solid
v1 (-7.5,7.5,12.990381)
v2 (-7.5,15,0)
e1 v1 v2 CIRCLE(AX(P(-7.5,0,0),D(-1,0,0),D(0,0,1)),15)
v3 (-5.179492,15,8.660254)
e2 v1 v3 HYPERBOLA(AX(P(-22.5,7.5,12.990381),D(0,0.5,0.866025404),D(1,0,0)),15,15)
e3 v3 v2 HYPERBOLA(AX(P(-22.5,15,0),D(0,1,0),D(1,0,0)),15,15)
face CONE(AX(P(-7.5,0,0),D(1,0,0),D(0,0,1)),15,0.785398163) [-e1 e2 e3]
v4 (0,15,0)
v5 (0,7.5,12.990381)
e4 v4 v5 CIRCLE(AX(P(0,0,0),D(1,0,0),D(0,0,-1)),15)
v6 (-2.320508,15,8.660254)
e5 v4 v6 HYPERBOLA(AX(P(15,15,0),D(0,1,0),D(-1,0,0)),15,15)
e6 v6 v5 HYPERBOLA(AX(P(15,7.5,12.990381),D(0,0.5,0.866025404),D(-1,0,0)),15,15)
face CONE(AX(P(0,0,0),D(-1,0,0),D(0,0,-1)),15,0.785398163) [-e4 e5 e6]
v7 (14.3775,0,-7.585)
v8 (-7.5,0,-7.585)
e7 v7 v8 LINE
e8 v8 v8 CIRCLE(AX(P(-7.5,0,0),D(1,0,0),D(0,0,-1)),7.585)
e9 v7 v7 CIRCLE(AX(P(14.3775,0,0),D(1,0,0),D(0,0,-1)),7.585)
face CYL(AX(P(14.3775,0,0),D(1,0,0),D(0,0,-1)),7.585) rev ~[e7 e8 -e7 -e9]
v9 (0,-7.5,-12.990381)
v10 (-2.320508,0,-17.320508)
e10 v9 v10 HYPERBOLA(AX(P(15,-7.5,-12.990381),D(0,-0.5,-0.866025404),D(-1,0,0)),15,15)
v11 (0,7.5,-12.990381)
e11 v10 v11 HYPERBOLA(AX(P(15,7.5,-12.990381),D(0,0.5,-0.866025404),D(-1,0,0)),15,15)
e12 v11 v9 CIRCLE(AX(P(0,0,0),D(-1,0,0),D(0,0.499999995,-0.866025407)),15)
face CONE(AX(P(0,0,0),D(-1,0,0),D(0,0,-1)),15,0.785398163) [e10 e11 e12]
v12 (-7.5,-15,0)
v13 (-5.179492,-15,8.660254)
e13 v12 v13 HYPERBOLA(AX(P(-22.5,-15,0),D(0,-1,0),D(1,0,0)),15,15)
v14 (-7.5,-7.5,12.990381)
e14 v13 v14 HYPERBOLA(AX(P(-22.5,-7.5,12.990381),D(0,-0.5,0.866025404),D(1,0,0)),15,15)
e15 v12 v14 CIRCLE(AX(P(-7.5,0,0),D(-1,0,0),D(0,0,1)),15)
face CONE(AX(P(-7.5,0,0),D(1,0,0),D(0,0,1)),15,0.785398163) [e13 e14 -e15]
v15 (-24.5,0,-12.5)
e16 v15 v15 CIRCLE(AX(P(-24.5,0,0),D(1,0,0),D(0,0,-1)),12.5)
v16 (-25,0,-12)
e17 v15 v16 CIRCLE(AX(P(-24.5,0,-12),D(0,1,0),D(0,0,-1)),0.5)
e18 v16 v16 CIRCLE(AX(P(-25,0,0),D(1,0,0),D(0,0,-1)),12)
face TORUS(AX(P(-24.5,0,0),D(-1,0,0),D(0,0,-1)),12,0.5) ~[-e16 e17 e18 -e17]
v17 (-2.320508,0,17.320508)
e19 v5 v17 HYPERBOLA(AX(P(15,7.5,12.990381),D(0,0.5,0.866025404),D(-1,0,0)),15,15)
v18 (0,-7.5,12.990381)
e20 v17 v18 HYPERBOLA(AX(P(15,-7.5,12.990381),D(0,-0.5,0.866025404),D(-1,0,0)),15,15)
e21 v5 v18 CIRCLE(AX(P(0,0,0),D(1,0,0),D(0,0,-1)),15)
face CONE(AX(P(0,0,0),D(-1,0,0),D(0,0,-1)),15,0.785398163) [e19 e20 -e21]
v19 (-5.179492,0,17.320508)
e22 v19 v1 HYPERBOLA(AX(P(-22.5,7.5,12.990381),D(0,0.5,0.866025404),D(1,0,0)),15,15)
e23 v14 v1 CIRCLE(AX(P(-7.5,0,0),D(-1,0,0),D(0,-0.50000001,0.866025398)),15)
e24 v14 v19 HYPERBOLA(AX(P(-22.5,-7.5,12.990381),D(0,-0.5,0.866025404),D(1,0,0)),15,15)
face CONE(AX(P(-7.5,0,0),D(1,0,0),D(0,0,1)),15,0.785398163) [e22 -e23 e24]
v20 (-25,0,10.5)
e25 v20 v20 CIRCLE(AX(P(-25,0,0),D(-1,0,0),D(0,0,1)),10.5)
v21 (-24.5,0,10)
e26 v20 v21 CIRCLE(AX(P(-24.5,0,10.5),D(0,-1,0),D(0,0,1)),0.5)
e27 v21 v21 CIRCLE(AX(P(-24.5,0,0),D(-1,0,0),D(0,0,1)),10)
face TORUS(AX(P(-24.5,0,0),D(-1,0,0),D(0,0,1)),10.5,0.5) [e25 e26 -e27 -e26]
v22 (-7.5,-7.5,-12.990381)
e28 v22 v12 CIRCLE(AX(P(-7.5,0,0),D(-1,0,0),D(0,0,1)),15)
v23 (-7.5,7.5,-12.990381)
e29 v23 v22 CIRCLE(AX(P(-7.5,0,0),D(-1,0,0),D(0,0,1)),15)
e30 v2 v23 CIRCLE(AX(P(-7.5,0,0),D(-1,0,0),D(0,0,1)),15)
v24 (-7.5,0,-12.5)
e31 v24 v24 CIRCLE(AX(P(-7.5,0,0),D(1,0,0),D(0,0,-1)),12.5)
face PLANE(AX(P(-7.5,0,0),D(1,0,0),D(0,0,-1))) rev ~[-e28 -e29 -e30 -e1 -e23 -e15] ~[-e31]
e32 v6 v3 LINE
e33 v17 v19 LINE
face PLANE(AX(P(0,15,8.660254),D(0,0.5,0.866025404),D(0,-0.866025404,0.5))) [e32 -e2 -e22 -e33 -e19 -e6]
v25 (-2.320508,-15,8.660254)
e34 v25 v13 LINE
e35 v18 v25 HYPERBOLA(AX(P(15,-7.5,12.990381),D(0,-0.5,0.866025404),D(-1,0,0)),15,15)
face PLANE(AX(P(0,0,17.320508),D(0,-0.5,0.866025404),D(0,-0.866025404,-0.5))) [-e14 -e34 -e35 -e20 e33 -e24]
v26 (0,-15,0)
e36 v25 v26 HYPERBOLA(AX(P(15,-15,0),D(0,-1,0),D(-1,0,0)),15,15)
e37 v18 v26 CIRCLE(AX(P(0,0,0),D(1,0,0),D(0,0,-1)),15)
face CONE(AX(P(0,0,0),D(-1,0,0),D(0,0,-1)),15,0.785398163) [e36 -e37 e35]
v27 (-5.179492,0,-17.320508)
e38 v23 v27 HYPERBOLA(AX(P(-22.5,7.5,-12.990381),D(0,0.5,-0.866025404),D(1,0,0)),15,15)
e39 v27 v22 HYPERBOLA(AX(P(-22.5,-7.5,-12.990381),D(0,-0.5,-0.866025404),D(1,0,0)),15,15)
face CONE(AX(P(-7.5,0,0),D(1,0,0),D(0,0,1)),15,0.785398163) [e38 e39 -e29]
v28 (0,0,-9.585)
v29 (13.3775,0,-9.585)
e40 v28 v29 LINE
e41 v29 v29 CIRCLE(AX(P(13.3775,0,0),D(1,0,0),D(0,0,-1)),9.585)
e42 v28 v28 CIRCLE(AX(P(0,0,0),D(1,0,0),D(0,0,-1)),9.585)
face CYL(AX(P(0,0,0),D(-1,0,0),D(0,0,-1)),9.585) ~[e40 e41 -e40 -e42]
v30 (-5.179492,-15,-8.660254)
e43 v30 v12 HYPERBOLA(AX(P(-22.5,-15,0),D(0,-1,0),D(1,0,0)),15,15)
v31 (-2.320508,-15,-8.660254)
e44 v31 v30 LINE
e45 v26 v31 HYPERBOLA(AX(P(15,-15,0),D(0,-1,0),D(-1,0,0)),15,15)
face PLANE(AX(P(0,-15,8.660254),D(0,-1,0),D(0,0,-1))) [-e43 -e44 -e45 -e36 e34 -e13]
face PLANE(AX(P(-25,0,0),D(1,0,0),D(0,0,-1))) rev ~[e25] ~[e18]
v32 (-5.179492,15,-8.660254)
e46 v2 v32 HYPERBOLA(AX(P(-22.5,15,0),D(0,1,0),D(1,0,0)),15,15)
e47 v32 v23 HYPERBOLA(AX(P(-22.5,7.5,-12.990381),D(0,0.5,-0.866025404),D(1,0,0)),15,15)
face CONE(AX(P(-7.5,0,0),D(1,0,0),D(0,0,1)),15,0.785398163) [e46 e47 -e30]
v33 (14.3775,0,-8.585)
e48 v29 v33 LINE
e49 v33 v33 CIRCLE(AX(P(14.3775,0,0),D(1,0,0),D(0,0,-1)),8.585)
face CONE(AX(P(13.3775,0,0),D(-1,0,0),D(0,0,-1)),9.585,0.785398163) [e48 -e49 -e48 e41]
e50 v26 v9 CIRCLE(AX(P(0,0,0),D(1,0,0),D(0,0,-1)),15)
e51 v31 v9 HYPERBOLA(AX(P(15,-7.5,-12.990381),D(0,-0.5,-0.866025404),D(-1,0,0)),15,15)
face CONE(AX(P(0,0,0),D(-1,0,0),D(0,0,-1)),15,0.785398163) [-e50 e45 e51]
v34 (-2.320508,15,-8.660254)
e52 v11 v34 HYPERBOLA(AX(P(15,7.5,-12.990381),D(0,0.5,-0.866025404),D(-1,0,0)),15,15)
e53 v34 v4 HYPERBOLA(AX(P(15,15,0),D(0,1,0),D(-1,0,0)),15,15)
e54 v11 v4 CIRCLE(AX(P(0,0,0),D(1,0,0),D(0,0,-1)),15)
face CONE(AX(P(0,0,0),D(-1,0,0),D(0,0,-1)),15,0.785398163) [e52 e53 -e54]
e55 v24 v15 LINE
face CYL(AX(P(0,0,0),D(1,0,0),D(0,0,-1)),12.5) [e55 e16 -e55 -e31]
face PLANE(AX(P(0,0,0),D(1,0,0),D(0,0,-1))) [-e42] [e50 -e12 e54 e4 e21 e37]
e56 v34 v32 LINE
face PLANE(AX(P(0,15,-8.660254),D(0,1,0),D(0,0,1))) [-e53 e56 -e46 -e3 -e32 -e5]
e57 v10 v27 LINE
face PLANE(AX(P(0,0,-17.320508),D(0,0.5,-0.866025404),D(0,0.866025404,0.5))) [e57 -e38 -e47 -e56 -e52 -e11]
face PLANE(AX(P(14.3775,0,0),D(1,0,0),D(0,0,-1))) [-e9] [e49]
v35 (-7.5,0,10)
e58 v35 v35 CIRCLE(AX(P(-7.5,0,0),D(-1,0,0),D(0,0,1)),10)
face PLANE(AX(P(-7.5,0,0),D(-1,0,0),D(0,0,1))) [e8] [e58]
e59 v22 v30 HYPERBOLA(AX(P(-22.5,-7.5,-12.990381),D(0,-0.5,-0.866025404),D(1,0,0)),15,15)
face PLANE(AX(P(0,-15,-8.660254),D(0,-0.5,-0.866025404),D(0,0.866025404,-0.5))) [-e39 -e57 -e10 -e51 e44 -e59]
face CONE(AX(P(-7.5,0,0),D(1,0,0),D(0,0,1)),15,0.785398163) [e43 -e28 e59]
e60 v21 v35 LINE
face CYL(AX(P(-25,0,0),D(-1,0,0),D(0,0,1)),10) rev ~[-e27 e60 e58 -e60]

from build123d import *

# Parameters (mm, degrees)
EXTRUDE_1_DEPTH     = 7.5
SKETCH_2_OUTSIDE_W  = 85.93
SKETCH_2_OUTSIDE_H  = 81.288
SKETCH_2_OUTSIDE_R  = 15
CUT_EXTRUDE_1_DEPTH = 20
CUT_EXTRUDE_1_DRAFT = -45
SKETCH_3_OUTSIDE_W  = 85.93
SKETCH_3_OUTSIDE_H  = 81.288
SKETCH_3_OUTSIDE_R  = 15
CUT_EXTRUDE_2_DEPTH = 20
CUT_EXTRUDE_2_DRAFT = -45
SKETCH_4_R          = 12.5
EXTRUDE_2_DEPTH     = 25
SKETCH_5_R          = 10
CUT_EXTRUDE_3_DEPTH = 17.5
SKETCH_6_R          = 9.585
EXTRUDE_3_DEPTH     = 14.3775
CHAMFER_1_SIZE      = 1
FILLET_1_R          = 0.5
SKETCH_7_R          = 7.585
CUT_EXTRUDE_4_DEPTH = 21.8775


with BuildPart() as part:
    # Эскиз1 → Бобышка-Вытянуть1 (new body)
    with BuildSketch(Plane(origin=(0, 0, 0), x_dir=(0, 0, -1), z_dir=(1, 0, 0))):
        Polygon((17.320508076, 0), (8.660254038, 15), (-8.660254038, 15), (-17.320508076, 0), (-8.660254038, -15), (8.660254038, -15), align=None)
    extrude(amount=-EXTRUDE_1_DEPTH)


with BuildPart() as cut_extrude_1_tool:
    # Эскиз2 outside → Вырез-Вытянуть1 (with draft: the straight prism first)
    with BuildSketch(Plane(origin=(0, 0, 0), x_dir=(0, 0, -1), z_dir=(1, 0, 0))):
        Rectangle(SKETCH_2_OUTSIDE_W, SKETCH_2_OUTSIDE_H)
        Circle(SKETCH_2_OUTSIDE_R, mode=Mode.SUBTRACT)
    extrude(amount=-CUT_EXTRUDE_1_DEPTH)
    # Вырез-Вытянуть1: the draft: its side faces are tilted about the plane it starts from
    cut_extrude_1_sides = [cut_extrude_1_tool.faces().sort_by_distance(p)[0] for p in [
        (-10, -40.644, 0),
        (-10, 0, -42.965),
        (-10, 40.644, 0),
        (-10, 0, 42.965),
        (-10, 0, 15),
    ]]
    draft(cut_extrude_1_sides, Plane(origin=(0, 0, 0), x_dir=(0, 0, -1), z_dir=(1, 0, 0)), CUT_EXTRUDE_1_DRAFT)


with BuildPart() as part_1:
    add(part.part)

    # Вырез-Вытянуть1: cut by cut_extrude_1_tool
    add(cut_extrude_1_tool.part, mode=Mode.SUBTRACT)


with BuildPart() as cut_extrude_2_tool:
    # Эскиз3 outside → Вырез-Вытянуть2 (with draft: the straight prism first)
    with BuildSketch(Plane.ZY.offset(7.5)):
        Rectangle(SKETCH_3_OUTSIDE_W, SKETCH_3_OUTSIDE_H)
        Circle(SKETCH_3_OUTSIDE_R, mode=Mode.SUBTRACT)
    extrude(amount=-CUT_EXTRUDE_2_DEPTH)
    # Вырез-Вытянуть2: the draft: its side faces are tilted about the plane it starts from
    cut_extrude_2_sides = [cut_extrude_2_tool.faces().sort_by_distance(p)[0] for p in [
        (2.5, -40.644, 0),
        (2.5, 0, 42.965),
        (2.5, 40.644, 0),
        (2.5, 0, -42.965),
        (2.5, 0, -15),
    ]]
    draft(cut_extrude_2_sides, Plane.ZY.offset(7.5), CUT_EXTRUDE_2_DRAFT)


with BuildPart() as part_2:
    add(part_1.part)

    # Вырез-Вытянуть2: cut by cut_extrude_2_tool
    add(cut_extrude_2_tool.part, mode=Mode.SUBTRACT)

    # Эскиз4 → Бобышка-Вытянуть2 (add)
    with BuildSketch(Plane(origin=(0, 0, 0), x_dir=(0, 0, -1), z_dir=(1, 0, 0))):
        Circle(SKETCH_4_R)
    extrude(amount=-EXTRUDE_2_DEPTH)

    # Эскиз5 → Вырез-Вытянуть3 (cut)
    with BuildSketch(Plane.ZY.offset(25)):
        Circle(SKETCH_5_R)
    extrude(amount=-CUT_EXTRUDE_3_DEPTH, mode=Mode.SUBTRACT)

    # Эскиз6 → Бобышка-Вытянуть3 (add)
    with BuildSketch(Plane(origin=(0, 0, 0), x_dir=(0, 0, -1), z_dir=(1, 0, 0))):
        Circle(SKETCH_6_R)
    extrude(amount=EXTRUDE_3_DEPTH)

    # Фаска1
    chamfer_1_edges = [part_2.edges().sort_by_distance(p)[0] for p in [
        (14.3775, 0, 9.585),
    ]]
    chamfer(chamfer_1_edges, length=CHAMFER_1_SIZE)

    # Скругление1
    fillet_1_edges = [part_2.edges().sort_by_distance(p)[0] for p in [
        (-25, 0, 12.5),
        (-25, 0, -10),
    ]]
    fillet(fillet_1_edges, radius=FILLET_1_R)

    # Эскиз7 → Вырез-Вытянуть4 (cut)
    with BuildSketch(Plane(origin=(14.3775, 0, 0), x_dir=(0, 0, -1), z_dir=(1, 0, 0))):
        Circle(SKETCH_7_R)
    extrude(amount=-CUT_EXTRUDE_4_DEPTH, mode=Mode.SUBTRACT)


solid = part_2.part
